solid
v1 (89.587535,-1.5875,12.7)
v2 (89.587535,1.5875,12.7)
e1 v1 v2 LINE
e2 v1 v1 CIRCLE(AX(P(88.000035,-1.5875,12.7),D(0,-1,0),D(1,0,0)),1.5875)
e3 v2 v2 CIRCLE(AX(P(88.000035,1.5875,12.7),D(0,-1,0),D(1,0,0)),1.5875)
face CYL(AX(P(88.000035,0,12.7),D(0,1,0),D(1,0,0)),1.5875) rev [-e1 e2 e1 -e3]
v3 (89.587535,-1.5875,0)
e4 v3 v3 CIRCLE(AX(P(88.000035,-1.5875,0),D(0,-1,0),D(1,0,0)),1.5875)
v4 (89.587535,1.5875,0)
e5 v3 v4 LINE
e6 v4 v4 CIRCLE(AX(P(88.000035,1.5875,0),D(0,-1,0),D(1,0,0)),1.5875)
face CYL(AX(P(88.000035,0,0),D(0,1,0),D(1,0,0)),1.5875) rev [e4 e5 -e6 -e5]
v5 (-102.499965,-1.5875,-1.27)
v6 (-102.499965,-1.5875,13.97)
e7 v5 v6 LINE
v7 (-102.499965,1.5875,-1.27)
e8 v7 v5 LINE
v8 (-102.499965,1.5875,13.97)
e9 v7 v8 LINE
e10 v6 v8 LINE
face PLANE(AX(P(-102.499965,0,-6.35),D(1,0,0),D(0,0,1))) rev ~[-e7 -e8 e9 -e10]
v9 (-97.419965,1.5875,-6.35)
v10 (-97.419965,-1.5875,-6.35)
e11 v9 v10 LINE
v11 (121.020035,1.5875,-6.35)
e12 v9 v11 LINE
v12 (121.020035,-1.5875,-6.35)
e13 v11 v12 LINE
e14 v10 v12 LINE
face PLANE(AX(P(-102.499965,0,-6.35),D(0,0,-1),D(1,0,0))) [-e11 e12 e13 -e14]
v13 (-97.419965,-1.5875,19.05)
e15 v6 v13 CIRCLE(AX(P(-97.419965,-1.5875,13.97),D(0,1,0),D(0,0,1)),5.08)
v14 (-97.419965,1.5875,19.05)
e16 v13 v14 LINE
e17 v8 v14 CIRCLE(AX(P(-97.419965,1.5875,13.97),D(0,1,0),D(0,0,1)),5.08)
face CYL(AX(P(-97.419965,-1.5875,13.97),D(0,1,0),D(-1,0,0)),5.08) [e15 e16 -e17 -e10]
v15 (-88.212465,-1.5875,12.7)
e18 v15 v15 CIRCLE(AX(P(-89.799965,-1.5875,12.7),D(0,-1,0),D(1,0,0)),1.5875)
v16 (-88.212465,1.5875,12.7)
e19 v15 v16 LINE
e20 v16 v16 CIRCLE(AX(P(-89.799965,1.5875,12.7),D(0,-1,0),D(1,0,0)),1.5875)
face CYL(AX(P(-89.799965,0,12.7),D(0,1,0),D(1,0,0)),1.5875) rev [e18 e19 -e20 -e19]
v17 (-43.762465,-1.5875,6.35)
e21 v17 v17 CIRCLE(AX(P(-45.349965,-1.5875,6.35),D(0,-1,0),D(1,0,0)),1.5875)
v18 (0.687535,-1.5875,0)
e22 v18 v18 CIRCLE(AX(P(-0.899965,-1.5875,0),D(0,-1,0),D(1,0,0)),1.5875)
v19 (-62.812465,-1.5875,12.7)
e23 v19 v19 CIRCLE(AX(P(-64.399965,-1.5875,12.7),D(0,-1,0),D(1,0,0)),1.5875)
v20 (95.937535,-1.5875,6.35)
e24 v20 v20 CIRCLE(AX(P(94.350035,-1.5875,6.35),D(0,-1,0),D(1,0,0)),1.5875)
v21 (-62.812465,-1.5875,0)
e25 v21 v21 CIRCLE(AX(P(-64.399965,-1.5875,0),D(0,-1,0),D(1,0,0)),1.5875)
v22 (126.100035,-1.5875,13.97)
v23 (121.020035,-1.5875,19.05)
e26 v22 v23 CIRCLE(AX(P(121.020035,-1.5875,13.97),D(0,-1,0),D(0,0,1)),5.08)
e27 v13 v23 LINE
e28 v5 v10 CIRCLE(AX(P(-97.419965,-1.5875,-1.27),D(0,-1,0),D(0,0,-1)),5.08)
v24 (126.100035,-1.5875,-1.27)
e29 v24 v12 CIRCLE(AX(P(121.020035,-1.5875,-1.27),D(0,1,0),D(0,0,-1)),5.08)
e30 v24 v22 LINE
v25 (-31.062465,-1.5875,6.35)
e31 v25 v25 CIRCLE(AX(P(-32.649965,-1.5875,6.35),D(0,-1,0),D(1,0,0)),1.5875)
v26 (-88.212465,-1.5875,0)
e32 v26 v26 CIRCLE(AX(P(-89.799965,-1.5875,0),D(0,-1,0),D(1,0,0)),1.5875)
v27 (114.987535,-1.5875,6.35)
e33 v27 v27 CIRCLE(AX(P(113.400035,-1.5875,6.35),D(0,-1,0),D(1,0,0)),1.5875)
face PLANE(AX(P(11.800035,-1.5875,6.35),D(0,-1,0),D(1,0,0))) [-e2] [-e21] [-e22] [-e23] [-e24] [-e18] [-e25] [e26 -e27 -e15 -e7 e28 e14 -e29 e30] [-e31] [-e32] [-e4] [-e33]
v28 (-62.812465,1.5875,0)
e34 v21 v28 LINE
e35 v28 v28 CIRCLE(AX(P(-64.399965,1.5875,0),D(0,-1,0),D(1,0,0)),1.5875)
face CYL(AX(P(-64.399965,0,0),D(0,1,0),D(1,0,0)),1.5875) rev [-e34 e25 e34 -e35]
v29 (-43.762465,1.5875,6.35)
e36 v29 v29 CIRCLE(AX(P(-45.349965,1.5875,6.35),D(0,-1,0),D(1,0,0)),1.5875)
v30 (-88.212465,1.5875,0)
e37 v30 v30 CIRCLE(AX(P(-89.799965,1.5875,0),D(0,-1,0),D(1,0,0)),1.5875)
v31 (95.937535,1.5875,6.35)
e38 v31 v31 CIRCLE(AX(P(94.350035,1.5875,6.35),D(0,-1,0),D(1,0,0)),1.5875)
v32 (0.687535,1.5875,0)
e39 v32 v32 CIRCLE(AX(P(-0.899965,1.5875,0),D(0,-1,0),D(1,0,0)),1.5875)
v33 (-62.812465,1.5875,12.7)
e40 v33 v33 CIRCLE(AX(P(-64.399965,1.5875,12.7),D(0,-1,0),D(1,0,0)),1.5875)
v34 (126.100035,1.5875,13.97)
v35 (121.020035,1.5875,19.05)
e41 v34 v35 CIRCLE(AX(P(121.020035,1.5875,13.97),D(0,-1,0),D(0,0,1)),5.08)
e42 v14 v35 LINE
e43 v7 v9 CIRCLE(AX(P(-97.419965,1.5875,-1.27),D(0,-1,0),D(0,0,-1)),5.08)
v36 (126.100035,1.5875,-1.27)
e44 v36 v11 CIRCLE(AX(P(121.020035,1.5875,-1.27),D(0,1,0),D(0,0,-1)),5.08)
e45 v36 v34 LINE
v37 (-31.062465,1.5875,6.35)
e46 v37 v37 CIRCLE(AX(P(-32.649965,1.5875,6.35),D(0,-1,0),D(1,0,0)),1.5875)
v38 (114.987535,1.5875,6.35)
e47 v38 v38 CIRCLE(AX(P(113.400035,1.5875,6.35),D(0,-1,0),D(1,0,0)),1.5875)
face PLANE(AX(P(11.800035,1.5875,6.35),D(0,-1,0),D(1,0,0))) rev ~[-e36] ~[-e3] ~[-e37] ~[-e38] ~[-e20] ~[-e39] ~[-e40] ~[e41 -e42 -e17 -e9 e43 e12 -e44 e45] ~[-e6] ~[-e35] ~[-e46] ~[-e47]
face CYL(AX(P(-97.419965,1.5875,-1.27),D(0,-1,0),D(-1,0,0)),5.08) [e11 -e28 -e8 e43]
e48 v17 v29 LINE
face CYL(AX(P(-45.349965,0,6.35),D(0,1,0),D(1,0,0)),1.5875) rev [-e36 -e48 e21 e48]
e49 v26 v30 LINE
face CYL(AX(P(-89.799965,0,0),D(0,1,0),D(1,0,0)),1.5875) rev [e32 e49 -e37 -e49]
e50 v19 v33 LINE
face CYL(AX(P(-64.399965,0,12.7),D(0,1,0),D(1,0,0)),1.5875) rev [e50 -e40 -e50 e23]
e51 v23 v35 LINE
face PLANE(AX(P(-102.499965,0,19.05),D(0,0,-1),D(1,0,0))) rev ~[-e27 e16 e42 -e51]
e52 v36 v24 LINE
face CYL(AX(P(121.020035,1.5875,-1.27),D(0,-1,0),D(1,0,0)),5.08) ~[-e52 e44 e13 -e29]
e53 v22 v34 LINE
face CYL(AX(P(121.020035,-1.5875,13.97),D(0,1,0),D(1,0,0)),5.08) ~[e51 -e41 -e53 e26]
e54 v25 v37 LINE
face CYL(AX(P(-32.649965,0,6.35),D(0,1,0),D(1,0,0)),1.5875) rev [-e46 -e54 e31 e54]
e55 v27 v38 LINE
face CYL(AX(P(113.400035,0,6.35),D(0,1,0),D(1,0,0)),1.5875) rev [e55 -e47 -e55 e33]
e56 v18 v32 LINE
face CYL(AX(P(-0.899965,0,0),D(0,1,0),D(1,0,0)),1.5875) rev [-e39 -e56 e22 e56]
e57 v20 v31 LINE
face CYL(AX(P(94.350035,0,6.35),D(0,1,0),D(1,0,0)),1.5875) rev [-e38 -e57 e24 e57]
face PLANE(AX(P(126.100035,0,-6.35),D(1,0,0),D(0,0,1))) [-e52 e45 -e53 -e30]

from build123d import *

# Parameters (mm, degrees)
F0_W     = 228.6
F0_H     = 25.4
F0_R     = 1.5875
F1_DEPTH = 1.5875
F2_R     = 5.08


with BuildPart() as f1:
    # F0 (on Front) → F1 (new body, symmetric)
    with BuildSketch(Plane.XZ):
        with Locations((11.800035, 6.35)):
            Rectangle(F0_W, F0_H)
        with Locations((-89.799965, 0)):
            Circle(F0_R, mode=Mode.SUBTRACT)
        with Locations((-64.399965, 0)):
            Circle(F0_R, mode=Mode.SUBTRACT)
        with Locations((-0.899965, 0)):
            Circle(F0_R, mode=Mode.SUBTRACT)
        with Locations((-45.349965, 6.35)):
            Circle(F0_R, mode=Mode.SUBTRACT)
        with Locations((-32.649965, 6.35)):
            Circle(F0_R, mode=Mode.SUBTRACT)
        with Locations((88.000035, 0)):
            Circle(F0_R, mode=Mode.SUBTRACT)
        with Locations((94.350035, 6.35)):
            Circle(F0_R, mode=Mode.SUBTRACT)
        with Locations((113.400035, 6.35)):
            Circle(F0_R, mode=Mode.SUBTRACT)
        with Locations((-89.799965, 12.7)):
            Circle(F0_R, mode=Mode.SUBTRACT)
        with Locations((-64.399965, 12.7)):
            Circle(F0_R, mode=Mode.SUBTRACT)
        with Locations((88.000035, 12.7)):
            Circle(F0_R, mode=Mode.SUBTRACT)
    extrude(amount=F1_DEPTH, both=True)

    # F2
    f2_edges = [f1.edges().sort_by_distance(p)[0] for p in [
        (-102.499965, 0, 19.05),
        (-102.499965, 0, -6.35),
        (126.100035, 0, 19.05),
        (126.100035, 0, -6.35),
    ]]
    fillet(f2_edges, radius=F2_R)


solid = f1.part
